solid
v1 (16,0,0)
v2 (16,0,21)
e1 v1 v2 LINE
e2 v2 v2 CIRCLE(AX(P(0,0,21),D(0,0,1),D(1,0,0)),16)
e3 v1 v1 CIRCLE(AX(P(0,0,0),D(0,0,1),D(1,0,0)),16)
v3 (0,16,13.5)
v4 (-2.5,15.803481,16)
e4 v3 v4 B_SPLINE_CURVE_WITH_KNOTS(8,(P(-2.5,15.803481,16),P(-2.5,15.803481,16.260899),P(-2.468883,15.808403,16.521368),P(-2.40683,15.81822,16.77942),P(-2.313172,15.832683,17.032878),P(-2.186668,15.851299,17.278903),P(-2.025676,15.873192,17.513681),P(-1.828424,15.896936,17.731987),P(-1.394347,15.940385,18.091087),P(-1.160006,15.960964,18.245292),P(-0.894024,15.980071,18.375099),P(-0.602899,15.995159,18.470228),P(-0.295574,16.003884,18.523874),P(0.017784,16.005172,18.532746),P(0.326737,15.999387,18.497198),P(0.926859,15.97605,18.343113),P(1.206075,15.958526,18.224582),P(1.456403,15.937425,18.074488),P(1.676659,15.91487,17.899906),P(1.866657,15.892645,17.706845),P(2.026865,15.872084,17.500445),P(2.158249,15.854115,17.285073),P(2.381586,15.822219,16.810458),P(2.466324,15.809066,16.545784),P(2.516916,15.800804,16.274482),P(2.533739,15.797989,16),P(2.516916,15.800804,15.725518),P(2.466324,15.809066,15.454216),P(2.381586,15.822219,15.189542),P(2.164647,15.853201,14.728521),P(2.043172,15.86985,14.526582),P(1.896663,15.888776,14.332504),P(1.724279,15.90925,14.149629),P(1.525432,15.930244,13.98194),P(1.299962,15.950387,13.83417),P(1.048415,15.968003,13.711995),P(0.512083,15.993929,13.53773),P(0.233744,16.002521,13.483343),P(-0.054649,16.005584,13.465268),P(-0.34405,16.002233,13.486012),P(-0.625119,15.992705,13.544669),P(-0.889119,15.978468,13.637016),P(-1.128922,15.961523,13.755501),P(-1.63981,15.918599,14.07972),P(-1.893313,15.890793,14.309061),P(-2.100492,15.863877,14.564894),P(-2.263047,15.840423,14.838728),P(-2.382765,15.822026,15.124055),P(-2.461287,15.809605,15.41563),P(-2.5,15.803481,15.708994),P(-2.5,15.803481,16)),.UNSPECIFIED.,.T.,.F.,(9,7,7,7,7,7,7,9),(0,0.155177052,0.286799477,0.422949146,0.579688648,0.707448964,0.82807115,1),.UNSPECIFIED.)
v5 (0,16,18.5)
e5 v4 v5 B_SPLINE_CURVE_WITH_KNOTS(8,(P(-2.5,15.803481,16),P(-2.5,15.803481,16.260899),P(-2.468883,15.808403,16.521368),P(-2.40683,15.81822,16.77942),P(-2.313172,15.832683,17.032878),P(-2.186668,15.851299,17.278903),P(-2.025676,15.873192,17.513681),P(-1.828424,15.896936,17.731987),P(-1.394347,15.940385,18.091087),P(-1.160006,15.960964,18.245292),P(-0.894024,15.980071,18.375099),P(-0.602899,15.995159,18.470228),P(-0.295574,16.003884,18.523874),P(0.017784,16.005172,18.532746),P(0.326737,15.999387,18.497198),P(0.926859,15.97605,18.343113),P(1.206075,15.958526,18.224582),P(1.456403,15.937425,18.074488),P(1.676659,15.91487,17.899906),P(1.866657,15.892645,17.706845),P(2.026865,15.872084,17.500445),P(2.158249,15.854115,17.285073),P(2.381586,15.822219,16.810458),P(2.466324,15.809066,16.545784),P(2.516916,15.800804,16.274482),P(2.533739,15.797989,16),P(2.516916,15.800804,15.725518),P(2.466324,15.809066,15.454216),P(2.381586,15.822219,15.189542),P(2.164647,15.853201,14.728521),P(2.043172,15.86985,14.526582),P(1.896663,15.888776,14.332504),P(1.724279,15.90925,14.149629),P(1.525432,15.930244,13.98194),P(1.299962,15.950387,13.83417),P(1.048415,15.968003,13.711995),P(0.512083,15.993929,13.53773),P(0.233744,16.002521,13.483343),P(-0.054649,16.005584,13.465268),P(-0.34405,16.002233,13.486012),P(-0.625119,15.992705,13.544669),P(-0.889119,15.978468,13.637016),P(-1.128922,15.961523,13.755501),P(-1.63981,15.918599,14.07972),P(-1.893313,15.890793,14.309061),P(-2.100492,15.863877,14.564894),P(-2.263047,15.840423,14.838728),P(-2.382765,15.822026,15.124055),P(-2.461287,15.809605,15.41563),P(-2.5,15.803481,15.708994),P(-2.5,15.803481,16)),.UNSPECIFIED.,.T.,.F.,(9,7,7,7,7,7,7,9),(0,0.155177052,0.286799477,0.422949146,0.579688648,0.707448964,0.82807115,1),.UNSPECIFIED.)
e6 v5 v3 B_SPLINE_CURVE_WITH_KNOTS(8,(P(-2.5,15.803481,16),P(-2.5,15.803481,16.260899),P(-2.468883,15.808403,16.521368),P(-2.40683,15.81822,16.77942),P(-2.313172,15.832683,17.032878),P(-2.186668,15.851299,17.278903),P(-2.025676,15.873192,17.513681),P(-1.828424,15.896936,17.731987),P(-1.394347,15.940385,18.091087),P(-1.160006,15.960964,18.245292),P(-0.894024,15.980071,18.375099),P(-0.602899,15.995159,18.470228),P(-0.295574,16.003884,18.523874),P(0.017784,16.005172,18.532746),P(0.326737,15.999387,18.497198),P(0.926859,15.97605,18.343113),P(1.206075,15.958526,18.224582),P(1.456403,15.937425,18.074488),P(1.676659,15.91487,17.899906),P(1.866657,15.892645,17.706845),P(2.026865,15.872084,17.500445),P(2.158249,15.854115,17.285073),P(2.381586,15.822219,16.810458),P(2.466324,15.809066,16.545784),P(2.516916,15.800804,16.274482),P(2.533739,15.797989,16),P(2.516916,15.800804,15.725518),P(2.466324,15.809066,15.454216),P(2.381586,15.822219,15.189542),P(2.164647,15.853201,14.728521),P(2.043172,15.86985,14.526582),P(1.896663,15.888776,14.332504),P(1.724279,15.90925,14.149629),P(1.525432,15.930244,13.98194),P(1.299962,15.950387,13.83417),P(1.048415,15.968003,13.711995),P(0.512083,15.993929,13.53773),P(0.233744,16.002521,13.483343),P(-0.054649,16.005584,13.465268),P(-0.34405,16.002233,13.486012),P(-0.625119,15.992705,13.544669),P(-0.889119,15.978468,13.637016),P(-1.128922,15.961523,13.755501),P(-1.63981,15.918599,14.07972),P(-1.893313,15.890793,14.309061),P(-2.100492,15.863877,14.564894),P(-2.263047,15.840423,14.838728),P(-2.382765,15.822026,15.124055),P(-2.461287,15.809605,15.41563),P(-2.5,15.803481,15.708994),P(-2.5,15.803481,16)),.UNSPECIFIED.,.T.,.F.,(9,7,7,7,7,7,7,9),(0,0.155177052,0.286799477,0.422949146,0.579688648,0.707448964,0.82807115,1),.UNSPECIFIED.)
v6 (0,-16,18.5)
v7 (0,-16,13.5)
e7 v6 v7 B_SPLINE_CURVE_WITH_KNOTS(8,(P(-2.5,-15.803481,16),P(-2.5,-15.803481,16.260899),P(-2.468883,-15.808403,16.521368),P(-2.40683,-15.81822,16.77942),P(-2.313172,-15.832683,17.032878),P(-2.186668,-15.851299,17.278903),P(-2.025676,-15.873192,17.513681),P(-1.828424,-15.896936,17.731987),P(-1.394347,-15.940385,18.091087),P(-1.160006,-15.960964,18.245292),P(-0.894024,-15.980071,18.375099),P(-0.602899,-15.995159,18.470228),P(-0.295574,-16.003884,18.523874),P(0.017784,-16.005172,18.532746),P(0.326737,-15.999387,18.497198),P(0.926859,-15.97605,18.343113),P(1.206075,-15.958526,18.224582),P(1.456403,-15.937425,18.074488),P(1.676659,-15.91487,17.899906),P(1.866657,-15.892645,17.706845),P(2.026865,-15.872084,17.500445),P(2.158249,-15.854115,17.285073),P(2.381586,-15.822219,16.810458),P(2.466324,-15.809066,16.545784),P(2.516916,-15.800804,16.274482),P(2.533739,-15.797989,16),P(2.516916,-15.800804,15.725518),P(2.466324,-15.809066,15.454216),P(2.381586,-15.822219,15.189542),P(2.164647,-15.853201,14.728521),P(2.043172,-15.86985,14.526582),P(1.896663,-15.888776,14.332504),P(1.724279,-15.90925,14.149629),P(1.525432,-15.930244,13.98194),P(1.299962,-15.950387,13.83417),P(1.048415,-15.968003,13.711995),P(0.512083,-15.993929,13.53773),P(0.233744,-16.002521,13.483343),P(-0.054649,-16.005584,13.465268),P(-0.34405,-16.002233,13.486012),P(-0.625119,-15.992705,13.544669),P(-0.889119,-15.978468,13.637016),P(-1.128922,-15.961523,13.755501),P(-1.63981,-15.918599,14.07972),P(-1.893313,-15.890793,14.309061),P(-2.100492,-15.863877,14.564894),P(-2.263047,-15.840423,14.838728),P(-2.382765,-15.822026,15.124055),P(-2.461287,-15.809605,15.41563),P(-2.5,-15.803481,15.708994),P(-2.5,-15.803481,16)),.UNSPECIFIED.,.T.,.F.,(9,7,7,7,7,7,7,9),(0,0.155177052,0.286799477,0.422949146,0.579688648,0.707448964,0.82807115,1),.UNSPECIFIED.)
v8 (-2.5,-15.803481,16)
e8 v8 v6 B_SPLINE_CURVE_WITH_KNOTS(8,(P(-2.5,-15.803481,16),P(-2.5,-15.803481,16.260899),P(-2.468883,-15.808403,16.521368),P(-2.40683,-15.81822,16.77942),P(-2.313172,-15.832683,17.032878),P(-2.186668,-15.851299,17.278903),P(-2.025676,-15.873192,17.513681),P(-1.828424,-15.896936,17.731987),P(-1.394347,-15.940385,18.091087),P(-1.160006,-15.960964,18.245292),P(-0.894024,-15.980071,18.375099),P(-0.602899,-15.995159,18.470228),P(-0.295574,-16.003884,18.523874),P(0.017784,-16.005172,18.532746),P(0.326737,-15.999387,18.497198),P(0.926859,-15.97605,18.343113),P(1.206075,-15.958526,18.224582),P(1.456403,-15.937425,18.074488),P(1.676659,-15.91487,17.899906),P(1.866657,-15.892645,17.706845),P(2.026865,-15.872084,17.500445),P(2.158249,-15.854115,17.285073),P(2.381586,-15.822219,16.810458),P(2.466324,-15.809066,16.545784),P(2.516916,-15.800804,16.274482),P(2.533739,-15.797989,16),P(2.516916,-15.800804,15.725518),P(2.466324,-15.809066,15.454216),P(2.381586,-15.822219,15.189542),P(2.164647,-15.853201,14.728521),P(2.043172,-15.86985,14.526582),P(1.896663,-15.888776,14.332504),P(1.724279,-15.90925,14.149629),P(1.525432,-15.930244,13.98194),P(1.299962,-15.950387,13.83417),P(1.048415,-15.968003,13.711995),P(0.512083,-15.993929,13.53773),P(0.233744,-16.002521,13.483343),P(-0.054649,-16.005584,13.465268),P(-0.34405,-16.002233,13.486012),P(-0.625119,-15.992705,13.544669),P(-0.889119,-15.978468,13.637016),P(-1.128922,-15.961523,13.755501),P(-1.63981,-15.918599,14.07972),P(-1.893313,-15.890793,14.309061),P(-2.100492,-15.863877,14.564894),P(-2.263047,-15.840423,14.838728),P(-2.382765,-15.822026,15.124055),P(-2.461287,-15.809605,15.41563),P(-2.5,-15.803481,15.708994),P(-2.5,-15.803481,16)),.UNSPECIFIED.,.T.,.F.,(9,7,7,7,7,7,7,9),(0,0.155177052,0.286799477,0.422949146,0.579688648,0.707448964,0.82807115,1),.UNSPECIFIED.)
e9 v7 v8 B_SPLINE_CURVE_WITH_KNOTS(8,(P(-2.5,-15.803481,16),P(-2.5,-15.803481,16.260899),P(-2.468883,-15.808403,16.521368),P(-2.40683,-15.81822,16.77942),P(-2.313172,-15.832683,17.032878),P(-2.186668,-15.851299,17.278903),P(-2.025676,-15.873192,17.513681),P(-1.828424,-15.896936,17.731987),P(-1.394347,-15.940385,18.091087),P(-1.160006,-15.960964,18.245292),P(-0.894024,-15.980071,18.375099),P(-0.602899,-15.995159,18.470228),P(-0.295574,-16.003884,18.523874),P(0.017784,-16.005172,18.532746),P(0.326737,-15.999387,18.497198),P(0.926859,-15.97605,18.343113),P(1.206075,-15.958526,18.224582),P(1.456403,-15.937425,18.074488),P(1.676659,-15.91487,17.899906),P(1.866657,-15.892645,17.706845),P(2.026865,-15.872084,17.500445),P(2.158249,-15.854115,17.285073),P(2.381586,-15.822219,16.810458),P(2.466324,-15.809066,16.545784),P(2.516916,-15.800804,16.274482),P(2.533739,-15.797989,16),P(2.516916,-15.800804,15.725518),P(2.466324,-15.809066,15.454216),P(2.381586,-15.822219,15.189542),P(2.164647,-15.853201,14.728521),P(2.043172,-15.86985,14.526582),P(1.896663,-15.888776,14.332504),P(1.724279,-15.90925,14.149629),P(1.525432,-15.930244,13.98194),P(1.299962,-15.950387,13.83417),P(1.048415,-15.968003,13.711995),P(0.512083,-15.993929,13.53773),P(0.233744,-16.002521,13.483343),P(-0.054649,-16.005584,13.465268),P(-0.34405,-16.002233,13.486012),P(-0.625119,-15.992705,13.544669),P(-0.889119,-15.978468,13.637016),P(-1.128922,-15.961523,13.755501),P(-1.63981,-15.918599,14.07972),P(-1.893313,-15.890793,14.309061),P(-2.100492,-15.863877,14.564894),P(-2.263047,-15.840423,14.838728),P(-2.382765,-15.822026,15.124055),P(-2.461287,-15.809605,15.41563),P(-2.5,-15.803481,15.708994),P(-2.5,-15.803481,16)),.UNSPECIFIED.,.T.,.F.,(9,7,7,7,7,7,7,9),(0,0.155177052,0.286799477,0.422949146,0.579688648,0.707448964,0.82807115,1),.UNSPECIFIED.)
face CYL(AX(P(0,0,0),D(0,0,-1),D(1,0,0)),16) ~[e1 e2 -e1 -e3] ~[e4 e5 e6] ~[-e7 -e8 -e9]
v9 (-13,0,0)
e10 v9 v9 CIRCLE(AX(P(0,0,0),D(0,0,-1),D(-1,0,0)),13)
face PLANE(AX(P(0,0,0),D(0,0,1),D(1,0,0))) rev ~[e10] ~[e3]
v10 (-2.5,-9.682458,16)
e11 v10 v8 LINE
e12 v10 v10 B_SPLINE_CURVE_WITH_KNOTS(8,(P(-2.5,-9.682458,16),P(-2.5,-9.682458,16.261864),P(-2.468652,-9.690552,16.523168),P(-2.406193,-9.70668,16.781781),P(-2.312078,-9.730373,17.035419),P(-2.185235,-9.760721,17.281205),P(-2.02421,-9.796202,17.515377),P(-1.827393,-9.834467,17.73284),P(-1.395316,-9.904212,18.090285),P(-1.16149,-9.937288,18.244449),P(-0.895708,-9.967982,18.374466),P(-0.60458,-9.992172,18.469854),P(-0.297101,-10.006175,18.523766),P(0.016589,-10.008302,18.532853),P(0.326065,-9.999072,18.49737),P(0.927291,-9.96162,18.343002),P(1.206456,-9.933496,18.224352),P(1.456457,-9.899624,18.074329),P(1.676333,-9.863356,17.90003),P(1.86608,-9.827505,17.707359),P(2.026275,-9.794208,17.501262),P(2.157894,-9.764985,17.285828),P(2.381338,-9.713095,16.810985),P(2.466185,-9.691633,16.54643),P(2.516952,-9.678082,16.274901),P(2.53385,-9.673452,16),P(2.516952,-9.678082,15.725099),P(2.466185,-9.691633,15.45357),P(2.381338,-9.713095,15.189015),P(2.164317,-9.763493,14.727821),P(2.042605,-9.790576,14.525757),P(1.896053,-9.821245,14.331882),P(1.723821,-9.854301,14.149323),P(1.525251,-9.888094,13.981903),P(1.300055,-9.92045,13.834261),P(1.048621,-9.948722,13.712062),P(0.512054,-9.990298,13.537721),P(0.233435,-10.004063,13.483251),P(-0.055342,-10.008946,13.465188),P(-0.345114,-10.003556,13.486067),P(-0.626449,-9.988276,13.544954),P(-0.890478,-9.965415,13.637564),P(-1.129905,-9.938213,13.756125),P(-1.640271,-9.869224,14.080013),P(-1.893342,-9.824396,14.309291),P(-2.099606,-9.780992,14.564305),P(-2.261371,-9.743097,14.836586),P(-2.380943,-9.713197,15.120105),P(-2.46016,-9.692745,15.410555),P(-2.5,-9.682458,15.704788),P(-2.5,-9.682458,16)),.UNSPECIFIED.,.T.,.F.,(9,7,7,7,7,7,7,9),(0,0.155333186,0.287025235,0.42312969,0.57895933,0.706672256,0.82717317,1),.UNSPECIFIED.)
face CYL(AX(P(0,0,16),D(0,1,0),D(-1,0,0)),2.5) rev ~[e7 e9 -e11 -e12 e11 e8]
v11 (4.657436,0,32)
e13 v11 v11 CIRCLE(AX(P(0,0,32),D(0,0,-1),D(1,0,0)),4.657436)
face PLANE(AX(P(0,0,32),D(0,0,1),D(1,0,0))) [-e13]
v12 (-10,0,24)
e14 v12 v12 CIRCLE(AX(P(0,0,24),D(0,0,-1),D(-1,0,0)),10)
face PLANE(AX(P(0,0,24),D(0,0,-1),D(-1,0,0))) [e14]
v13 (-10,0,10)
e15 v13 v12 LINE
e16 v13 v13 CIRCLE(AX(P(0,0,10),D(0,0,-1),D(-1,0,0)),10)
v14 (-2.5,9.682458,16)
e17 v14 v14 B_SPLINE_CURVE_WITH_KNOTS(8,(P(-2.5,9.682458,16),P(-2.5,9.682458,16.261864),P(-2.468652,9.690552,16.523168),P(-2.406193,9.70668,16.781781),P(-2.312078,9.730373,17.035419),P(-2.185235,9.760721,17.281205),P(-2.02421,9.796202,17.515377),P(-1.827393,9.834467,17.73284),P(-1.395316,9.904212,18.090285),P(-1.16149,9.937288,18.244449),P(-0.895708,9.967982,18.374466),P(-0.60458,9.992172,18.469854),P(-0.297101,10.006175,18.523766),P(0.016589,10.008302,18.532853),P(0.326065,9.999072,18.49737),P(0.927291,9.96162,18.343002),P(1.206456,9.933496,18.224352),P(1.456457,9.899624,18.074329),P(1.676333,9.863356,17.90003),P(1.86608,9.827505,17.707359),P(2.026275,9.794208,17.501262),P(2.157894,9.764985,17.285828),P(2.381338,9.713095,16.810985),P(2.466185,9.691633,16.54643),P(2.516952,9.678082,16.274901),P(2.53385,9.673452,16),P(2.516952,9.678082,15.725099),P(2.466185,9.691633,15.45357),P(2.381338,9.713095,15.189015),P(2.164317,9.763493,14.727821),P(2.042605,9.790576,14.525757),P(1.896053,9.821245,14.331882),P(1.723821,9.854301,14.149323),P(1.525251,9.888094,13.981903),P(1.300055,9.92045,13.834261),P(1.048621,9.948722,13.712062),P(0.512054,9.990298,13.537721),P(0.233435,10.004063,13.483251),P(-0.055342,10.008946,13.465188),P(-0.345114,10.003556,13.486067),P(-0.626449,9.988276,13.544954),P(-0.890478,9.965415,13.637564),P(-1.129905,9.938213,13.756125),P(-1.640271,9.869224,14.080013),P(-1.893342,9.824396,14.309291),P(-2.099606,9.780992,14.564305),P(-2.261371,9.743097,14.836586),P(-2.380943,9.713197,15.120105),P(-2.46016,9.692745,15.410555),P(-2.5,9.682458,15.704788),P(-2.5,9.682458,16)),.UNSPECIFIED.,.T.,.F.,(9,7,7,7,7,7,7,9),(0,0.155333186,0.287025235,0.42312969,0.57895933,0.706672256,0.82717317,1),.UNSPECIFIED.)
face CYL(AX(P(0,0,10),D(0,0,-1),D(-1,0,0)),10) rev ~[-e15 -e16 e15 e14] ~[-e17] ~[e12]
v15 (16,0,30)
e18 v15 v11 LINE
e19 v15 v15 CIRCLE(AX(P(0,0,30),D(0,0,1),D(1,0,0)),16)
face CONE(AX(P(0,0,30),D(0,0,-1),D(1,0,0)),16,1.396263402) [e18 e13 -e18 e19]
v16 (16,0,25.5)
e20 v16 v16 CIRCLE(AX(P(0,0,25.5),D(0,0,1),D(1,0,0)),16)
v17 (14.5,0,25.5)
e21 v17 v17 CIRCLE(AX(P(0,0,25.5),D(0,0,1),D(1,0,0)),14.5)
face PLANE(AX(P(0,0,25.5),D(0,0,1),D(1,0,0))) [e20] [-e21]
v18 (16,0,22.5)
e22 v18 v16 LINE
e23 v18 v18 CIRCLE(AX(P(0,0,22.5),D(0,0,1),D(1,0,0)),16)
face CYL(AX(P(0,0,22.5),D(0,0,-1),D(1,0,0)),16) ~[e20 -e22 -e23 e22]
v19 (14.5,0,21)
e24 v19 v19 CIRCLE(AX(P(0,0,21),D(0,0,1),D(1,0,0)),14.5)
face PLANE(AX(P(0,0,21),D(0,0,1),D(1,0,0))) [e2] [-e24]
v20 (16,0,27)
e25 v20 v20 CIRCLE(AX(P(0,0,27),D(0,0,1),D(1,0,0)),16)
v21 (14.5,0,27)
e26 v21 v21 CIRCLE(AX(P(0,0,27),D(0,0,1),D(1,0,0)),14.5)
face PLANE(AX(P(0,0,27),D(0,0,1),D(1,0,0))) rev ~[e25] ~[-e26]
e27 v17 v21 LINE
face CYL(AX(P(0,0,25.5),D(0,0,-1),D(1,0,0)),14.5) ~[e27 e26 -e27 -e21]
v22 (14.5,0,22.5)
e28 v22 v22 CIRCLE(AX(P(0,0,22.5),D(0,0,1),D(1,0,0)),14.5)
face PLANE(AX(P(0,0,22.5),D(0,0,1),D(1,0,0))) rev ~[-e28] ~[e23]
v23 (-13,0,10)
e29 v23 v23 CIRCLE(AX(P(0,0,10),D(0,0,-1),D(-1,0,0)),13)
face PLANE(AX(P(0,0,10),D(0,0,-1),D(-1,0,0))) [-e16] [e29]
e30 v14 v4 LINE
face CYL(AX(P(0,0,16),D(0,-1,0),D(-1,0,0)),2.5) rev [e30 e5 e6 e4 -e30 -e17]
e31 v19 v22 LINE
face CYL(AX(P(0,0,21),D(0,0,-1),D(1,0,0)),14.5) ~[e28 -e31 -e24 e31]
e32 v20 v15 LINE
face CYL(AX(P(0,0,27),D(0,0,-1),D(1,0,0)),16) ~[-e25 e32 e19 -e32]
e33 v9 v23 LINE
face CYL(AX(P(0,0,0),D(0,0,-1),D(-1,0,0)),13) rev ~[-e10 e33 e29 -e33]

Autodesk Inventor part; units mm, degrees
ref_plane "YZ Plane" through (0, 0, 0) normal (1, 0, 0) x (0, 1, 0)
ref_plane "XZ Plane" through (0, 0, 0) normal (0, 1, 0) x (-1, 0, 0)
ref_plane "XY Plane" through (0, 0, 0) normal (0, 0, 1) x (1, 0, 0)
sketch "Sketch1" plane through (0, 0, 0) normal (0, 0, 1) x (1, 0, 0)
  circle A0 centre (0, 0) radius 16
  dimension "d0" = 32
extrude "Extrusion1" add sketch "Sketch1" along normal blind 21
sketch "Sketch2" plane through (0, 0, 21) normal (0, 0, 1) x (1, 0, 0)
  circle A0 centre (0, 0) radius 14.5
  dimension "d3" = 29
extrude "Extrusion2" add sketch "Sketch2" along normal blind 1.5
sketch "Sketch3" plane through (0, 0, 22.5) normal (0, 0, 1) x (1, 0, 0)
  circle A0 centre (0, 0) radius 16
  dimension "d6" = 32
extrude "Extrusion3" add sketch "Sketch3" along normal blind 3
sketch "Sketch4" plane through (0, 0, 25.5) normal (0, 0, 1) x (1, 0, 0)
  circle A0 centre (0, 0) radius 14.5
  dimension "d9" = 29
extrude "Extrusion4" add sketch "Sketch4" along normal blind 1.5
sketch "Sketch5" plane through (0, 0, 27) normal (0, 0, 1) x (1, 0, 0)
  circle A0 centre (0, 0) radius 16
  dimension "d12" = 32
extrude "Extrusion5" add sketch "Sketch5" along normal blind 3
sketch "Sketch6" plane through (0, 0, 30) normal (0, 0, 1) x (1, 0, 0)
  circle A0 centre (0, 0) radius 16
  dimension "d15" = 32
extrude "Extrusion6" add sketch "Sketch6" along normal blind 2 draft -80
sketch "Sketch7" plane through (0, 0, 0) normal (0, 0, -1) x (-1, 0, 0)
  circle A0 centre (0, 0) radius 13
  dimension "d18" = 26
extrude "Extrusion7" cut sketch "Sketch7" against normal blind 10
sketch "Sketch8" plane through (0, 0, 10) normal (0, 0, -1) x (-1, 0, 0)
  circle A0 centre (0, 0) radius 10
  dimension "d21" = 20
extrude "Extrusion8" cut sketch "Sketch8" against normal blind 14
sketch "Sketch9" plane through (0, 0, 0) normal (0, 1, 0) x (-1, 0, 0)
  circle A0 centre (0, 16) radius 2.5
  point P0 (0, 0)
  dimension "d24" = 5
extrude "Extrusion9" cut sketch "Sketch9" along normal mid plane 32
properties part number "piston"
